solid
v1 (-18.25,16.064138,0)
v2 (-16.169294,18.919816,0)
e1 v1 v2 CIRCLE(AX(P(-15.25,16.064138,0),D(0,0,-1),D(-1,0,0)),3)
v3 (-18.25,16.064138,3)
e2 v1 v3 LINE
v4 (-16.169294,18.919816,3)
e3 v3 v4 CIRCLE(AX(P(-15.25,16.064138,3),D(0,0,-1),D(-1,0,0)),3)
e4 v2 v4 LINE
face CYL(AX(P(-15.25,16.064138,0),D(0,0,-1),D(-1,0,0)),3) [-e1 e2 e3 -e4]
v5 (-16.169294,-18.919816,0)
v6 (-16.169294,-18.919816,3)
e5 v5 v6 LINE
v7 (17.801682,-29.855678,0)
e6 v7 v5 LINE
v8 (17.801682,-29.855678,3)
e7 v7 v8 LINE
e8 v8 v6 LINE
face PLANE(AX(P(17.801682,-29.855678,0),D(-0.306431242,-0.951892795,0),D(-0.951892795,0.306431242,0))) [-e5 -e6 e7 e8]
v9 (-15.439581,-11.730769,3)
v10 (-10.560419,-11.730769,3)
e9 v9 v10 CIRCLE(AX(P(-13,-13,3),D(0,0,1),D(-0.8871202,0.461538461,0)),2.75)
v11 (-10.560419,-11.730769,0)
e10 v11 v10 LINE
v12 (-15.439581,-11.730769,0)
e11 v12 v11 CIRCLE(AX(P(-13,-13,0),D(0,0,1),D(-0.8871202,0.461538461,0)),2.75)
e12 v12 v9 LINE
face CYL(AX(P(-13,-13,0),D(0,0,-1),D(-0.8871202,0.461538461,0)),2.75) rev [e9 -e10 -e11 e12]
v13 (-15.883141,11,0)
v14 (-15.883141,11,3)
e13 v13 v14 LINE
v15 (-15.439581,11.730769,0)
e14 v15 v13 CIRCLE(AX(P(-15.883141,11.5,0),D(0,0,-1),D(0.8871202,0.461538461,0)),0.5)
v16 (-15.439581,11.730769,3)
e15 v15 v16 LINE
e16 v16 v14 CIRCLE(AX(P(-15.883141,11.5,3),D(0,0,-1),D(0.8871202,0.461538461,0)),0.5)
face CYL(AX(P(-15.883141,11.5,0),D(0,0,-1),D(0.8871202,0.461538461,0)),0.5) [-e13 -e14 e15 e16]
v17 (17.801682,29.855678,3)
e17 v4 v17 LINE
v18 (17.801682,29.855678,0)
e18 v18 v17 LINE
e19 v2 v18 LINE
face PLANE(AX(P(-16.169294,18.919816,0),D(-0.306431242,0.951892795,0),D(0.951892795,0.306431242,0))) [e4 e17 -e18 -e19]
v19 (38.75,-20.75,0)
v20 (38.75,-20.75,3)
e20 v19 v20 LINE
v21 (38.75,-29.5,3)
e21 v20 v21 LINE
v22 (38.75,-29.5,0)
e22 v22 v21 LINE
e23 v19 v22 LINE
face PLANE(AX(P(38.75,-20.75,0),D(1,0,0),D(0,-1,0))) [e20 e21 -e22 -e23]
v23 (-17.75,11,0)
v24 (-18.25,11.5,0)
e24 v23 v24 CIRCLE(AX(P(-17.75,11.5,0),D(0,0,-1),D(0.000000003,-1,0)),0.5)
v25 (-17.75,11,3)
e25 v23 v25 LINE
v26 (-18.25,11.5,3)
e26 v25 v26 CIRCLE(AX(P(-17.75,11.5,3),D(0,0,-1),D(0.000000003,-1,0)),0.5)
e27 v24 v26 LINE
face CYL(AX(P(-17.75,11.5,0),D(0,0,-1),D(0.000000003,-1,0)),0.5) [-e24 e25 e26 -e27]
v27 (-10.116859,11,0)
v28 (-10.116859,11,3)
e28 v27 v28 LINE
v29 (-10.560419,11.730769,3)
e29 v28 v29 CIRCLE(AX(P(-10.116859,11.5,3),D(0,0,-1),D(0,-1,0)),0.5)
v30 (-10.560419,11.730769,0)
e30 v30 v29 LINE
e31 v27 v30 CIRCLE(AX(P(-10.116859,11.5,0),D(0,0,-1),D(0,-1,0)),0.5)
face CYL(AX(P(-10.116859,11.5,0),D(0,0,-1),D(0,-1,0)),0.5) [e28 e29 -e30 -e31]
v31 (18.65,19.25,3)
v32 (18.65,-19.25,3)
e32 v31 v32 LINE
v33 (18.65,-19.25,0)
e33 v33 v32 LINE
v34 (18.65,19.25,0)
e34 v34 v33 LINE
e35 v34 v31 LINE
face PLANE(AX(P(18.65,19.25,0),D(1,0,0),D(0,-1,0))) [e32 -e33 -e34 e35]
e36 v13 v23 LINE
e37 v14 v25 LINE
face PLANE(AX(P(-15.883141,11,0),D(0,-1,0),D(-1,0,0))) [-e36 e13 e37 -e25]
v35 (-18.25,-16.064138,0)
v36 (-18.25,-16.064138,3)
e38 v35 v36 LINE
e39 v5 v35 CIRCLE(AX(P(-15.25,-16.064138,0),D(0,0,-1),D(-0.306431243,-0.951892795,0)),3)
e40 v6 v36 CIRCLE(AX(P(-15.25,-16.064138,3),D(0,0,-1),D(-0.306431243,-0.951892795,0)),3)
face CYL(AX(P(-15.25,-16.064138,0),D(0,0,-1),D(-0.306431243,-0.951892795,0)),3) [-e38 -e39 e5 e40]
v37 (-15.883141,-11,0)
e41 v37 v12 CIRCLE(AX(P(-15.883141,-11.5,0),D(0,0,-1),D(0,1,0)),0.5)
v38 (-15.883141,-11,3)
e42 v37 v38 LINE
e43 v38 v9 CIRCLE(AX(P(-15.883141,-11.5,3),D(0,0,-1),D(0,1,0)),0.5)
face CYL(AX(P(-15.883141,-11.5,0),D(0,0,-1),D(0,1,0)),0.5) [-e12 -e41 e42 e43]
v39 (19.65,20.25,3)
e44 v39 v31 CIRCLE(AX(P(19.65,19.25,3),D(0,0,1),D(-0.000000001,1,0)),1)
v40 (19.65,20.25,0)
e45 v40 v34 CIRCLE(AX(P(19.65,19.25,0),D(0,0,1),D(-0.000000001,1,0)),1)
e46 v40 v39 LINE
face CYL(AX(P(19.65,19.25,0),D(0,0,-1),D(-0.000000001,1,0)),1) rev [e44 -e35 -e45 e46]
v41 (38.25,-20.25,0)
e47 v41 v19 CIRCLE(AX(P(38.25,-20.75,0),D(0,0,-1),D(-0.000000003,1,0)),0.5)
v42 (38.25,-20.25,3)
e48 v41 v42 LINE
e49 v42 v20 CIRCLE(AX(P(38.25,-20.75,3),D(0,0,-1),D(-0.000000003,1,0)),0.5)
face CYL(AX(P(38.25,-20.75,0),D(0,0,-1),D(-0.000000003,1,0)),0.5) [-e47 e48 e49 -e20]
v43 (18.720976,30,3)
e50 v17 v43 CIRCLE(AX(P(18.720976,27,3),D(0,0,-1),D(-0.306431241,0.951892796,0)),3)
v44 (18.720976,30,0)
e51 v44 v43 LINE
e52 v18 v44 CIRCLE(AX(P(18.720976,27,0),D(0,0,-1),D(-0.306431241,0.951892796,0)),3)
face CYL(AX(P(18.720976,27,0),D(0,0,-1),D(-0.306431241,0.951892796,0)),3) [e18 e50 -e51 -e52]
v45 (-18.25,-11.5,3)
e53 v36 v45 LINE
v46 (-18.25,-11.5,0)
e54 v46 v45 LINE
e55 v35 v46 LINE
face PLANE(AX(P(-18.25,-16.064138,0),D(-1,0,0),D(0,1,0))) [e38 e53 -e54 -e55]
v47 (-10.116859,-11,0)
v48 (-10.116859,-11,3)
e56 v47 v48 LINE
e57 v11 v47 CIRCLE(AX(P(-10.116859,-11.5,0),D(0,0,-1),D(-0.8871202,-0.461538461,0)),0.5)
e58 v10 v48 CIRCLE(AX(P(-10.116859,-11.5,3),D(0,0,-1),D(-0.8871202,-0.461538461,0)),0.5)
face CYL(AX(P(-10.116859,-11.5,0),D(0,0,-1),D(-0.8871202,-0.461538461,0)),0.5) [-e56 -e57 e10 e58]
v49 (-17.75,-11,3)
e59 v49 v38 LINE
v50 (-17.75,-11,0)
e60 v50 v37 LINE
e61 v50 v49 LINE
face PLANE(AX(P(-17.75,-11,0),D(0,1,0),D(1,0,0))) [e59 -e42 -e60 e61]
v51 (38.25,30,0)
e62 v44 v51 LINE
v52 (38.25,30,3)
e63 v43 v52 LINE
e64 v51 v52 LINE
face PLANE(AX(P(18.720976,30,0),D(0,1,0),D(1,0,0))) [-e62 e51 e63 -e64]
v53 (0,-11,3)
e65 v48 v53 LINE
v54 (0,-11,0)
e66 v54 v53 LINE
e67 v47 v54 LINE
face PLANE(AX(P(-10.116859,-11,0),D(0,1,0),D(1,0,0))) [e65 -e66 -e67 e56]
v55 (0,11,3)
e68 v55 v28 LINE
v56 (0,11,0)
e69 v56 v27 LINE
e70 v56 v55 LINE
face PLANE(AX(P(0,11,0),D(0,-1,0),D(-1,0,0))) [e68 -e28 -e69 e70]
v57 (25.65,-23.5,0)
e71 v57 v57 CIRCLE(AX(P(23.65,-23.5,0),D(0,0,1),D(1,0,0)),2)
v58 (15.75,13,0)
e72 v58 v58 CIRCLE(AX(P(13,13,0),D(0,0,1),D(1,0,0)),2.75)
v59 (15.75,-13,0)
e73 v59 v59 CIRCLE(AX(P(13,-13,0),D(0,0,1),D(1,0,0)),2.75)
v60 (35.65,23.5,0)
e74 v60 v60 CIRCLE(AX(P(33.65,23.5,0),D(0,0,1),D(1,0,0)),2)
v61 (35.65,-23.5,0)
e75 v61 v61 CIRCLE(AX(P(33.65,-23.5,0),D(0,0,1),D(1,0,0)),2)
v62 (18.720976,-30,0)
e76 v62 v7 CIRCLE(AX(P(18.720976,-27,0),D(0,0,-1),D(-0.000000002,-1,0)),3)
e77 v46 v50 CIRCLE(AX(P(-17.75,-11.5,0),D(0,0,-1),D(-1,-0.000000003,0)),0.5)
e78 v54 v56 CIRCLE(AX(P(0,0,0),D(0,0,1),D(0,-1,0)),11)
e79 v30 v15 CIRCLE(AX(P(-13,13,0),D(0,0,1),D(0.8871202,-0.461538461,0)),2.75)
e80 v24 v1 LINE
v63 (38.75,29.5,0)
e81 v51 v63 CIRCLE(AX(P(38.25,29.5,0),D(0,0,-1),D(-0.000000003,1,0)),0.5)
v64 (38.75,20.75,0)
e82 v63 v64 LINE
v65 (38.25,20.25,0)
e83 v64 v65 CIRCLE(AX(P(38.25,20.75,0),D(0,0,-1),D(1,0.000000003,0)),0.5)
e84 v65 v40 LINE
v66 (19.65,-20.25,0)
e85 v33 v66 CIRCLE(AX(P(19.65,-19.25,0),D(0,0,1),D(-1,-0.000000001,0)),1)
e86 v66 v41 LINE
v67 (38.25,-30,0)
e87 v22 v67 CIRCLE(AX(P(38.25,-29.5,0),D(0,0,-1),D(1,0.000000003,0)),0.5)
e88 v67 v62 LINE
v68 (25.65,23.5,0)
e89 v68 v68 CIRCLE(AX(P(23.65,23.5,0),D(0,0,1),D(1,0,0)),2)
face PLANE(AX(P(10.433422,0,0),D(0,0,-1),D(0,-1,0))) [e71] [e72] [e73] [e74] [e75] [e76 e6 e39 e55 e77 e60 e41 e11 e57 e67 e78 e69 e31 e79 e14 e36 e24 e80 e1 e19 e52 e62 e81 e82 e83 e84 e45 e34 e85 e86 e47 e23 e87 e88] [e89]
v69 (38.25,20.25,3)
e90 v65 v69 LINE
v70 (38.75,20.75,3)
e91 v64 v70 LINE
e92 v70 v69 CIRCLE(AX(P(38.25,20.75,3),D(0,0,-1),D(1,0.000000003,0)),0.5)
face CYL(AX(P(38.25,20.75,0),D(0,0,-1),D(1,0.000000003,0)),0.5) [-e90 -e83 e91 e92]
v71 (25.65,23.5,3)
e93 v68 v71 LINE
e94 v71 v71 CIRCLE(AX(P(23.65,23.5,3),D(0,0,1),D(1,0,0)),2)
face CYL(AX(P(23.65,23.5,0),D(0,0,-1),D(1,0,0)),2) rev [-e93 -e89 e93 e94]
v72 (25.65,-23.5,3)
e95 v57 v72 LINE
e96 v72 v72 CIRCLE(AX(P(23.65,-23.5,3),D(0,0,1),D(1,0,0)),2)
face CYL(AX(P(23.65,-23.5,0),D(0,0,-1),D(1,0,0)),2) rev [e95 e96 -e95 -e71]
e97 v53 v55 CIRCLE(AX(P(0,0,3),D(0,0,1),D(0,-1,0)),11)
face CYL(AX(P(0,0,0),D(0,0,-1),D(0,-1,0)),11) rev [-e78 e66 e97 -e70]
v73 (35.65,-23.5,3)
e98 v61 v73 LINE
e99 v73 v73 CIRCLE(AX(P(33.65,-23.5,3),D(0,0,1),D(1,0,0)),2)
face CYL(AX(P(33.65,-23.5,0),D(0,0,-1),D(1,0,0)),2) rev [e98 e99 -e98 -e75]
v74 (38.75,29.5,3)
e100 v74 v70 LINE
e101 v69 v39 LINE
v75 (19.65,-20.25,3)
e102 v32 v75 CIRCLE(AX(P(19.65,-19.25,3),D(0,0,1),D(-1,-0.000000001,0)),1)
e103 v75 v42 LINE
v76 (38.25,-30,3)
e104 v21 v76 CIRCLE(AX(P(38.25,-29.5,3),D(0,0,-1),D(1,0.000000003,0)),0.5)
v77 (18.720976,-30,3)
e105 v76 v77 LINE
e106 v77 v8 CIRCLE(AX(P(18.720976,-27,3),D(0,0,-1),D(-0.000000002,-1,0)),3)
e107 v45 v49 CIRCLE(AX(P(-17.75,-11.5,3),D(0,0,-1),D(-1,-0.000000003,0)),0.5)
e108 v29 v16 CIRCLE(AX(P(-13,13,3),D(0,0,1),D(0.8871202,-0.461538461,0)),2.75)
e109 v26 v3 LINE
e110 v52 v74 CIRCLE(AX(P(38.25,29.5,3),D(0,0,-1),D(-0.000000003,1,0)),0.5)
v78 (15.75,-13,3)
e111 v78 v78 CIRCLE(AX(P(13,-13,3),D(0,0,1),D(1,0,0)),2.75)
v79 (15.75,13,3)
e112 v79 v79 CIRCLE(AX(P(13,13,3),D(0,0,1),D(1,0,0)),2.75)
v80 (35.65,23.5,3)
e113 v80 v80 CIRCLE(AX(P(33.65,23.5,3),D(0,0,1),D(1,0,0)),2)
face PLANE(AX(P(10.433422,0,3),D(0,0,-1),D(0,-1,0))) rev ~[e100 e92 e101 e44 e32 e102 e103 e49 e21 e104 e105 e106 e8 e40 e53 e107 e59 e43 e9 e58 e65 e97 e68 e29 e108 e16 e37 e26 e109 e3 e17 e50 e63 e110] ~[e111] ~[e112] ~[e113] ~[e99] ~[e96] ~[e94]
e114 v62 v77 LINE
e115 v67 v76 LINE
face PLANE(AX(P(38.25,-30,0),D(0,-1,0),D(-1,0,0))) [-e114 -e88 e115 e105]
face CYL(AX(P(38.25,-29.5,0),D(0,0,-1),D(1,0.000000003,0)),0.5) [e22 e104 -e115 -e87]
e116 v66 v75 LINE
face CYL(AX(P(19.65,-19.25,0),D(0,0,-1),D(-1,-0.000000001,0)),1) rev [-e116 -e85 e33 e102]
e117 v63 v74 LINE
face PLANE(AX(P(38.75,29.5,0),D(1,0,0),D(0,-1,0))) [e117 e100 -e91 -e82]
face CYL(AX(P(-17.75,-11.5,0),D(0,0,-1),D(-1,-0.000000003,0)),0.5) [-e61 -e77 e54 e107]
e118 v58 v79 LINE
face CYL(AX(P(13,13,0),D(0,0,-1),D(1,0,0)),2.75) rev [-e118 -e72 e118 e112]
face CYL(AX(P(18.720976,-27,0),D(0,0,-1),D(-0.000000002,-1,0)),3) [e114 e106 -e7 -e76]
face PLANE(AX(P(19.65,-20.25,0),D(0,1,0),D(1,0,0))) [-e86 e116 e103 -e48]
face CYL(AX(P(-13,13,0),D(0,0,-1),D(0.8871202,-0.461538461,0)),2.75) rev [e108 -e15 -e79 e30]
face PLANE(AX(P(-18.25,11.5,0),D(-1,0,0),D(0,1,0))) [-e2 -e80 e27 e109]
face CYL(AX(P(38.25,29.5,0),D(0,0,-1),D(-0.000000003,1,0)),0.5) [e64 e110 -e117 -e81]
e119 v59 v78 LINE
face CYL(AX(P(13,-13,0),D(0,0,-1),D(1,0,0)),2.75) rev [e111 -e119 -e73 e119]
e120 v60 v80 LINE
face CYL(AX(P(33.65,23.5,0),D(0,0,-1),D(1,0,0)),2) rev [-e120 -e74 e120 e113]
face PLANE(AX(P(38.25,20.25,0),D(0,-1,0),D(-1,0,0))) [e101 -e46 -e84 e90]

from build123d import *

# Parameters (mm, degrees)
SKETCH1_R           = 2.75
SKETCH1_R_2         = 2
BOSS_EXTRUDE1_DEPTH = 3


with BuildPart() as part:
    # Sketch1 → Boss-Extrude1 (new body)
    with BuildSketch(Plane(origin=(0, 0, 0), x_dir=(0, 1, 0), z_dir=(0, 0, 1))):
        with BuildLine():
            Line((-16.064138017, 18.25), (-11.5, 18.25))
            ThreePointArc((-11.5, 18.25), (-11.146446609, 18.103553391), (-11, 17.75))
            Line((-11, 17.75), (-11, 15.883140649))
            ThreePointArc((-11, 15.883140649), (-11.240562739, 15.455715442), (-11.730769231, 15.439580549))
            ThreePointArc((-11.730769231, 15.439580549), (-15.75, 13), (-11.730769231, 10.560419451))
            ThreePointArc((-11.730769231, 10.560419451), (-11.240562739, 10.544284558), (-11, 10.116859351))
            Line((-11, 10.116859351), (-11, 0))
            ThreePointArc((-11, 0), (0, -11), (11, 0))
            Line((11, 0), (11, 10.116859351))
            ThreePointArc((11, 10.116859351), (11.240562739, 10.544284558), (11.730769231, 10.560419451))
            ThreePointArc((11.730769231, 10.560419451), (15.75, 13), (11.730769231, 15.439580549))
            ThreePointArc((11.730769231, 15.439580549), (11.240562739, 15.455715442), (11, 15.883140649))
            Line((11, 15.883140649), (11, 17.75))
            ThreePointArc((11, 17.75), (11.146446609, 18.103553391), (11.5, 18.25))
            Line((11.5, 18.25), (16.064138017, 18.25))
            ThreePointArc((16.064138017, 18.25), (17.830790051, 17.674652674), (18.919816403, 16.169293727))
            Line((18.919816403, 16.169293727), (29.855678386, -17.801681794))
            ThreePointArc((29.855678386, -17.801681794), (29.963699981, -18.255698807), (30, -18.720975521))
            Line((30, -18.720975521), (30, -38.25))
            ThreePointArc((30, -38.25), (29.853553391, -38.603553391), (29.5, -38.75))
            Line((29.5, -38.75), (20.75, -38.75))
            ThreePointArc((20.75, -38.75), (20.396446609, -38.603553391), (20.25, -38.25))
            Line((20.25, -38.25), (20.25, -19.65))
            ThreePointArc((20.25, -19.65), (19.957106781, -18.942893219), (19.25, -18.65))
            Line((19.25, -18.65), (-19.25, -18.65))
            ThreePointArc((-19.25, -18.65), (-19.957106781, -18.942893219), (-20.25, -19.65))
            Line((-20.25, -19.65), (-20.25, -38.25))
            ThreePointArc((-20.25, -38.25), (-20.396446609, -38.603553391), (-20.75, -38.75))
            Line((-20.75, -38.75), (-29.5, -38.75))
            ThreePointArc((-29.5, -38.75), (-29.853553391, -38.603553391), (-30, -38.25))
            Line((-30, -38.25), (-30, -18.720975521))
            ThreePointArc((-30, -18.720975521), (-29.963699981, -18.255698807), (-29.855678386, -17.801681794))
            Line((-29.855678386, -17.801681794), (-18.919816403, 16.169293727))
            ThreePointArc((-18.919816403, 16.169293727), (-17.830790051, 17.674652674), (-16.064138017, 18.25))
        make_face()
        with Locations(Location((13, -13, 0), (0, 0, 270))):
            Circle(SKETCH1_R, mode=Mode.SUBTRACT)
        with Locations(Location((-13, -13, 0), (0, 0, 270))):
            Circle(SKETCH1_R, mode=Mode.SUBTRACT)
        with Locations(Location((-23.5, -23.65, 0), (0, 0, 270))):
            Circle(SKETCH1_R_2, mode=Mode.SUBTRACT)
        with Locations(Location((23.5, -23.65, 0), (0, 0, 270))):
            Circle(SKETCH1_R_2, mode=Mode.SUBTRACT)
        with Locations(Location((23.5, -33.65, 0), (0, 0, 270))):
            Circle(SKETCH1_R_2, mode=Mode.SUBTRACT)
        with Locations(Location((-23.5, -33.65, 0), (0, 0, 270))):
            Circle(SKETCH1_R_2, mode=Mode.SUBTRACT)
    extrude(amount=BOSS_EXTRUDE1_DEPTH)


solid = part.part
